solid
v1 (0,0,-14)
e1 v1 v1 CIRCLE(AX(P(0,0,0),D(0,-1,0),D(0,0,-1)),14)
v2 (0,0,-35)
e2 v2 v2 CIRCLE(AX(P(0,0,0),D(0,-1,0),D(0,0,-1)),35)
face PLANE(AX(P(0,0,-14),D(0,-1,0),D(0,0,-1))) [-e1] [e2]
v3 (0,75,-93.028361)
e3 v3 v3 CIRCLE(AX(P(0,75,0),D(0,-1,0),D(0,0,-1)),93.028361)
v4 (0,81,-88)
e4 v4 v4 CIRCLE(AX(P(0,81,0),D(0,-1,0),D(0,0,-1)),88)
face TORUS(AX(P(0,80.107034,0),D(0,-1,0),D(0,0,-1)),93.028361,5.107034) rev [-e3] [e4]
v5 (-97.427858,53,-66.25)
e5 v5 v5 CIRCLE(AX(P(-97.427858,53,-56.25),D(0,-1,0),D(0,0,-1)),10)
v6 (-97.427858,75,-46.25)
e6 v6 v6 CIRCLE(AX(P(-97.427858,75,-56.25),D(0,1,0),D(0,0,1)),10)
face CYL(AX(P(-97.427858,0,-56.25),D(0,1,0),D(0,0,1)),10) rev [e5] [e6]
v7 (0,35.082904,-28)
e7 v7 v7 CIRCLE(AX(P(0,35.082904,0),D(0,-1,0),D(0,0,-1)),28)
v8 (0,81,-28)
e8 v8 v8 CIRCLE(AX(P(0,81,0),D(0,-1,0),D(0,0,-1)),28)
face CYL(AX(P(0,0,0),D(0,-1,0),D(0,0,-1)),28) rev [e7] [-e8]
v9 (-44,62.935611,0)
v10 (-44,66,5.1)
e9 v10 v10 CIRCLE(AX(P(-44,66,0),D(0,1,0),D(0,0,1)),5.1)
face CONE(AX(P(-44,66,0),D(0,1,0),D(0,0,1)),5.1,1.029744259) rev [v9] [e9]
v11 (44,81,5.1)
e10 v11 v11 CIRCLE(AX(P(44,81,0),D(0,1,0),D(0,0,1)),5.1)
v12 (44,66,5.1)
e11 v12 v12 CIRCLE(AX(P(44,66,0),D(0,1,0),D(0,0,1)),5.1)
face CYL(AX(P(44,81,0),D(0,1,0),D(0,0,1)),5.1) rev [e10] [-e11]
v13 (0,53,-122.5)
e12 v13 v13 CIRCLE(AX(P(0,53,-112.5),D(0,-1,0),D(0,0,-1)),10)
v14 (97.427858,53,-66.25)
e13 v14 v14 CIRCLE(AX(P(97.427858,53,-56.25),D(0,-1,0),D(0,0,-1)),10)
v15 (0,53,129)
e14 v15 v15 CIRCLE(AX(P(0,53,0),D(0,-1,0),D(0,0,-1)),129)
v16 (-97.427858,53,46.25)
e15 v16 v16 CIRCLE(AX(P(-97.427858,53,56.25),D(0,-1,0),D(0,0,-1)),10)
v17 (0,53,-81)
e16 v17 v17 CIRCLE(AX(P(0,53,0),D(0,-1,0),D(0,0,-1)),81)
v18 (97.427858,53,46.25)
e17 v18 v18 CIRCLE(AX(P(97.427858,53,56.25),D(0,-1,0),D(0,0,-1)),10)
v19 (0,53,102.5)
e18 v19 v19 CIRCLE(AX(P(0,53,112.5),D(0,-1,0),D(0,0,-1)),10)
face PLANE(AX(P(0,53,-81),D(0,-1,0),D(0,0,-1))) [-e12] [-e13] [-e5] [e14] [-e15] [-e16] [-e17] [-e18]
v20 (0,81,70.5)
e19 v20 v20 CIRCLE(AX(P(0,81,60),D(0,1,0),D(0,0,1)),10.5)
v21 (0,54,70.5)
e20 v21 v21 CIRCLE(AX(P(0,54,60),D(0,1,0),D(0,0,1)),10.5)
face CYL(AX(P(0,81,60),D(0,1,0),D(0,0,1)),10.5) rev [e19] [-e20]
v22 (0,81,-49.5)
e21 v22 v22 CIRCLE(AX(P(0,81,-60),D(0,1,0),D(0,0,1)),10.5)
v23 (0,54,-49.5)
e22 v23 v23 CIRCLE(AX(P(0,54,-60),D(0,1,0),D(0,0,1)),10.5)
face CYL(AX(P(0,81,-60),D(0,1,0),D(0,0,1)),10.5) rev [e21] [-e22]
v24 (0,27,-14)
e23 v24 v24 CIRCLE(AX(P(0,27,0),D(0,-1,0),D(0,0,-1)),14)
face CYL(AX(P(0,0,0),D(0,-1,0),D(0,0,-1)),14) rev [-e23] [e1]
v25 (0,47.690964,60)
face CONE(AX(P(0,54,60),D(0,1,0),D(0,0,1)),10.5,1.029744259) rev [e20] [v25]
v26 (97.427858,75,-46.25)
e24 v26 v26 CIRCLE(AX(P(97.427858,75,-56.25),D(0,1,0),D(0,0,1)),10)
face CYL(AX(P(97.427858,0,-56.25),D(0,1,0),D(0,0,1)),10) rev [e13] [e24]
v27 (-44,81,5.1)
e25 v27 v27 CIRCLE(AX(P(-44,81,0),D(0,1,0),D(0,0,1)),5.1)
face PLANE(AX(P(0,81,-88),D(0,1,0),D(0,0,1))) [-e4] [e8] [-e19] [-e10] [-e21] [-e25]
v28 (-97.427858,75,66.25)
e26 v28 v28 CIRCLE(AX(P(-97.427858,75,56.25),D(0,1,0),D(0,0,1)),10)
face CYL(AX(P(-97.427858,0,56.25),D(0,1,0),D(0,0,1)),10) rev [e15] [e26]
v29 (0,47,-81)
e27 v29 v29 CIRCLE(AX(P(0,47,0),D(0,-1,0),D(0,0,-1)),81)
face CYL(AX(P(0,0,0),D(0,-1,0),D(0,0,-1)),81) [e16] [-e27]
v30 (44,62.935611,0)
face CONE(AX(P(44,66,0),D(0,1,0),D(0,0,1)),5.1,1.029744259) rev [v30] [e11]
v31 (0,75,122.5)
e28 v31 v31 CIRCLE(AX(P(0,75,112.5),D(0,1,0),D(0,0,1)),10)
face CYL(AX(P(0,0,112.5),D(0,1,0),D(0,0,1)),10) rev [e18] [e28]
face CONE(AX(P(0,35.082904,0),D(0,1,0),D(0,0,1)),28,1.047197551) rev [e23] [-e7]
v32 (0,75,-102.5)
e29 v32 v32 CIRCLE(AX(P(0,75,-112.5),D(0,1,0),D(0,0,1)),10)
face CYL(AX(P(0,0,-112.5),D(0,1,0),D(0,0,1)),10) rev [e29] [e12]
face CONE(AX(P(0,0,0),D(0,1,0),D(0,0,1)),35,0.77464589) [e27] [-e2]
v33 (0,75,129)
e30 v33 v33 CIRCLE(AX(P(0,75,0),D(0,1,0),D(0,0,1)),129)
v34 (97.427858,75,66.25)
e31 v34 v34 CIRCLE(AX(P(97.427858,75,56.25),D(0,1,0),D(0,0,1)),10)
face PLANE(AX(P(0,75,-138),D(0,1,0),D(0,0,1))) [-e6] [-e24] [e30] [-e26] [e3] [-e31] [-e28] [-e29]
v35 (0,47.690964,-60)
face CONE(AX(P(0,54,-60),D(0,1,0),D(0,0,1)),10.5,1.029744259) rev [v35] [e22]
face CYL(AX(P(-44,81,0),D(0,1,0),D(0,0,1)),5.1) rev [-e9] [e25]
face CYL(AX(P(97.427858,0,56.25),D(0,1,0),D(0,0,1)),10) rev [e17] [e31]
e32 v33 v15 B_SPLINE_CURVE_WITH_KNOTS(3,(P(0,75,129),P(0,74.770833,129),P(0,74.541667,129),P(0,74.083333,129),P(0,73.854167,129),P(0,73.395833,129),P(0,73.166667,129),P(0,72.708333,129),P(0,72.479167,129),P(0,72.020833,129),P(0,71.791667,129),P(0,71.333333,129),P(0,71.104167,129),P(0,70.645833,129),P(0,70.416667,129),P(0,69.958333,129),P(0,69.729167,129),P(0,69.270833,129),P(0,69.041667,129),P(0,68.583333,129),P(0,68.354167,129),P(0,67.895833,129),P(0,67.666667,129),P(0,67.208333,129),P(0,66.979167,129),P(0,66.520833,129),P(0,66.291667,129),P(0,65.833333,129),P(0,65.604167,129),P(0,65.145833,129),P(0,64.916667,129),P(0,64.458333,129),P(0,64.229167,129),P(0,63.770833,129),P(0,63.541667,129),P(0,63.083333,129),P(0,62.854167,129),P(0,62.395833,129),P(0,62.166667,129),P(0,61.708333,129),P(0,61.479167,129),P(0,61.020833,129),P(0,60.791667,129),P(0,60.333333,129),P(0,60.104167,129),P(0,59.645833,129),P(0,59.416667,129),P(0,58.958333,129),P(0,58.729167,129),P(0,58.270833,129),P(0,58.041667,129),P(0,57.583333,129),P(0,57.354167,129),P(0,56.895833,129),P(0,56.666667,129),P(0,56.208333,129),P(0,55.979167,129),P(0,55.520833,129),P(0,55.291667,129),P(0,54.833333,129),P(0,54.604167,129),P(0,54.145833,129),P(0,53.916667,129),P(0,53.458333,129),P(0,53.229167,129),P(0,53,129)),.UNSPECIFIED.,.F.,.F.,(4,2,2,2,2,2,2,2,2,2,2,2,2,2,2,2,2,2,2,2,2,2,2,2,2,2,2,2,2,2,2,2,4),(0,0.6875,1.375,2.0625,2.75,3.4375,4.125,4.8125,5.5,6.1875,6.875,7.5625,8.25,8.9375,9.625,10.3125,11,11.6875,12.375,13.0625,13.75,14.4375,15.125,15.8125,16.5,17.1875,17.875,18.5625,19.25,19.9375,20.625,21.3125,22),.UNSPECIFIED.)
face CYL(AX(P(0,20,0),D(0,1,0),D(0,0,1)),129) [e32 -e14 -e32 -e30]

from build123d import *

# Parameters (mm, degrees)
SKETCH2_R              = 10
CUT_EXTRUDE1_DEPTH     = 210.076541008
M24_TAPPED_HOLE1_D     = 21
M24_TAPPED_HOLE1_DEPTH = 27
M24_TAPPED_HOLE1_TIP   = 6.3090365
M12_TAPPED_HOLE1_D     = 10.2
M12_TAPPED_HOLE1_DEPTH = 15
M12_TAPPED_HOLE1_TIP   = 3.064389157
SKETCH7_R              = 138
SKETCH7_R_2            = 129
CUT_EXTRUDE2_DEPTH     = 61


with BuildPart() as part:
    # Sketch1 → Revolve1 (revolve)
    with BuildSketch(Plane(origin=(0, 0, 0), x_dir=(0, 0, -1), z_dir=(1, 0, 0))):
        with BuildLine():
            Line((14, 0), (35, 0))
            Line((35, 0), (81, 47))
            Line((81, 47), (81, 53))
            Line((81, 53), (138, 53))
            Line((138, 53), (138, 75))
            Line((138, 75), (93.028360941, 75))
            ThreePointArc((93.028360941, 75), (89.114142828, 76.826684234), (88, 81))
            Line((88, 81), (28, 81))
            Line((28, 81), (28, 35.082903769))
            Line((28, 35.082903769), (14, 27))
            Line((14, 27), (14, 0))
        make_face()
    revolve(axis=Axis((0, 0, 0), (0, 1, 0)))

    # Sketch2 → Cut-Extrude1 (cut, through all)
    with BuildSketch(Plane(origin=(0, 75, 0), x_dir=(1, 0, 0), z_dir=(0, 1, 0))):
        with Locations(Location((0, 112.5, 0), (0, 0, 270))):
            Circle(SKETCH2_R)
        with Locations(Location((97.427857926, 56.25, 0), (0, 0, 270))):
            Circle(SKETCH2_R)
        with Locations(Location((97.427857926, -56.25, 0), (0, 0, 270))):
            Circle(SKETCH2_R)
        with Locations(Location((0, -112.5, 0), (0, 0, 270))):
            Circle(SKETCH2_R)
        with Locations(Location((-97.427857926, -56.25, 0), (0, 0, 270))):
            Circle(SKETCH2_R)
        with Locations(Location((-97.427857926, 56.25, 0), (0, 0, 270))):
            Circle(SKETCH2_R)
    extrude(amount=-CUT_EXTRUDE1_DEPTH, mode=Mode.SUBTRACT)

    # M24 Tapped Hole1
    with Locations(Plane(origin=(0, 81, 0), x_dir=(1, 0, 0), z_dir=(0, 1, 0))):
        with Locations((0, 60), (0, -60)):
            Hole(M24_TAPPED_HOLE1_D / 2, depth=M24_TAPPED_HOLE1_DEPTH)
            with Locations((0, 0, -(M24_TAPPED_HOLE1_DEPTH + M24_TAPPED_HOLE1_TIP / 2))):  # 118° drill point
                Cone(0, M24_TAPPED_HOLE1_D / 2, M24_TAPPED_HOLE1_TIP, mode=Mode.SUBTRACT)

    # M12 Tapped Hole1
    with Locations(Plane(origin=(0, 81, 0), x_dir=(1, 0, 0), z_dir=(0, 1, 0))):
        with Locations((-44, 0), (44, 0)):
            Hole(M12_TAPPED_HOLE1_D / 2, depth=M12_TAPPED_HOLE1_DEPTH)
            with Locations((0, 0, -(M12_TAPPED_HOLE1_DEPTH + M12_TAPPED_HOLE1_TIP / 2))):  # 118° drill point
                Cone(0, M12_TAPPED_HOLE1_D / 2, M12_TAPPED_HOLE1_TIP, mode=Mode.SUBTRACT)

    # Sketch7 → Cut-Extrude2 (cut)
    with BuildSketch(Plane(origin=(0, 81, 0), x_dir=(1, 0, 0), z_dir=(0, 1, 0))):
        Circle(SKETCH7_R)
        with Locations(Location((0, 0, 0), (0, 0, 270))):
            Circle(SKETCH7_R_2, mode=Mode.SUBTRACT)
    extrude(amount=-CUT_EXTRUDE2_DEPTH, mode=Mode.SUBTRACT)


solid = part.part
